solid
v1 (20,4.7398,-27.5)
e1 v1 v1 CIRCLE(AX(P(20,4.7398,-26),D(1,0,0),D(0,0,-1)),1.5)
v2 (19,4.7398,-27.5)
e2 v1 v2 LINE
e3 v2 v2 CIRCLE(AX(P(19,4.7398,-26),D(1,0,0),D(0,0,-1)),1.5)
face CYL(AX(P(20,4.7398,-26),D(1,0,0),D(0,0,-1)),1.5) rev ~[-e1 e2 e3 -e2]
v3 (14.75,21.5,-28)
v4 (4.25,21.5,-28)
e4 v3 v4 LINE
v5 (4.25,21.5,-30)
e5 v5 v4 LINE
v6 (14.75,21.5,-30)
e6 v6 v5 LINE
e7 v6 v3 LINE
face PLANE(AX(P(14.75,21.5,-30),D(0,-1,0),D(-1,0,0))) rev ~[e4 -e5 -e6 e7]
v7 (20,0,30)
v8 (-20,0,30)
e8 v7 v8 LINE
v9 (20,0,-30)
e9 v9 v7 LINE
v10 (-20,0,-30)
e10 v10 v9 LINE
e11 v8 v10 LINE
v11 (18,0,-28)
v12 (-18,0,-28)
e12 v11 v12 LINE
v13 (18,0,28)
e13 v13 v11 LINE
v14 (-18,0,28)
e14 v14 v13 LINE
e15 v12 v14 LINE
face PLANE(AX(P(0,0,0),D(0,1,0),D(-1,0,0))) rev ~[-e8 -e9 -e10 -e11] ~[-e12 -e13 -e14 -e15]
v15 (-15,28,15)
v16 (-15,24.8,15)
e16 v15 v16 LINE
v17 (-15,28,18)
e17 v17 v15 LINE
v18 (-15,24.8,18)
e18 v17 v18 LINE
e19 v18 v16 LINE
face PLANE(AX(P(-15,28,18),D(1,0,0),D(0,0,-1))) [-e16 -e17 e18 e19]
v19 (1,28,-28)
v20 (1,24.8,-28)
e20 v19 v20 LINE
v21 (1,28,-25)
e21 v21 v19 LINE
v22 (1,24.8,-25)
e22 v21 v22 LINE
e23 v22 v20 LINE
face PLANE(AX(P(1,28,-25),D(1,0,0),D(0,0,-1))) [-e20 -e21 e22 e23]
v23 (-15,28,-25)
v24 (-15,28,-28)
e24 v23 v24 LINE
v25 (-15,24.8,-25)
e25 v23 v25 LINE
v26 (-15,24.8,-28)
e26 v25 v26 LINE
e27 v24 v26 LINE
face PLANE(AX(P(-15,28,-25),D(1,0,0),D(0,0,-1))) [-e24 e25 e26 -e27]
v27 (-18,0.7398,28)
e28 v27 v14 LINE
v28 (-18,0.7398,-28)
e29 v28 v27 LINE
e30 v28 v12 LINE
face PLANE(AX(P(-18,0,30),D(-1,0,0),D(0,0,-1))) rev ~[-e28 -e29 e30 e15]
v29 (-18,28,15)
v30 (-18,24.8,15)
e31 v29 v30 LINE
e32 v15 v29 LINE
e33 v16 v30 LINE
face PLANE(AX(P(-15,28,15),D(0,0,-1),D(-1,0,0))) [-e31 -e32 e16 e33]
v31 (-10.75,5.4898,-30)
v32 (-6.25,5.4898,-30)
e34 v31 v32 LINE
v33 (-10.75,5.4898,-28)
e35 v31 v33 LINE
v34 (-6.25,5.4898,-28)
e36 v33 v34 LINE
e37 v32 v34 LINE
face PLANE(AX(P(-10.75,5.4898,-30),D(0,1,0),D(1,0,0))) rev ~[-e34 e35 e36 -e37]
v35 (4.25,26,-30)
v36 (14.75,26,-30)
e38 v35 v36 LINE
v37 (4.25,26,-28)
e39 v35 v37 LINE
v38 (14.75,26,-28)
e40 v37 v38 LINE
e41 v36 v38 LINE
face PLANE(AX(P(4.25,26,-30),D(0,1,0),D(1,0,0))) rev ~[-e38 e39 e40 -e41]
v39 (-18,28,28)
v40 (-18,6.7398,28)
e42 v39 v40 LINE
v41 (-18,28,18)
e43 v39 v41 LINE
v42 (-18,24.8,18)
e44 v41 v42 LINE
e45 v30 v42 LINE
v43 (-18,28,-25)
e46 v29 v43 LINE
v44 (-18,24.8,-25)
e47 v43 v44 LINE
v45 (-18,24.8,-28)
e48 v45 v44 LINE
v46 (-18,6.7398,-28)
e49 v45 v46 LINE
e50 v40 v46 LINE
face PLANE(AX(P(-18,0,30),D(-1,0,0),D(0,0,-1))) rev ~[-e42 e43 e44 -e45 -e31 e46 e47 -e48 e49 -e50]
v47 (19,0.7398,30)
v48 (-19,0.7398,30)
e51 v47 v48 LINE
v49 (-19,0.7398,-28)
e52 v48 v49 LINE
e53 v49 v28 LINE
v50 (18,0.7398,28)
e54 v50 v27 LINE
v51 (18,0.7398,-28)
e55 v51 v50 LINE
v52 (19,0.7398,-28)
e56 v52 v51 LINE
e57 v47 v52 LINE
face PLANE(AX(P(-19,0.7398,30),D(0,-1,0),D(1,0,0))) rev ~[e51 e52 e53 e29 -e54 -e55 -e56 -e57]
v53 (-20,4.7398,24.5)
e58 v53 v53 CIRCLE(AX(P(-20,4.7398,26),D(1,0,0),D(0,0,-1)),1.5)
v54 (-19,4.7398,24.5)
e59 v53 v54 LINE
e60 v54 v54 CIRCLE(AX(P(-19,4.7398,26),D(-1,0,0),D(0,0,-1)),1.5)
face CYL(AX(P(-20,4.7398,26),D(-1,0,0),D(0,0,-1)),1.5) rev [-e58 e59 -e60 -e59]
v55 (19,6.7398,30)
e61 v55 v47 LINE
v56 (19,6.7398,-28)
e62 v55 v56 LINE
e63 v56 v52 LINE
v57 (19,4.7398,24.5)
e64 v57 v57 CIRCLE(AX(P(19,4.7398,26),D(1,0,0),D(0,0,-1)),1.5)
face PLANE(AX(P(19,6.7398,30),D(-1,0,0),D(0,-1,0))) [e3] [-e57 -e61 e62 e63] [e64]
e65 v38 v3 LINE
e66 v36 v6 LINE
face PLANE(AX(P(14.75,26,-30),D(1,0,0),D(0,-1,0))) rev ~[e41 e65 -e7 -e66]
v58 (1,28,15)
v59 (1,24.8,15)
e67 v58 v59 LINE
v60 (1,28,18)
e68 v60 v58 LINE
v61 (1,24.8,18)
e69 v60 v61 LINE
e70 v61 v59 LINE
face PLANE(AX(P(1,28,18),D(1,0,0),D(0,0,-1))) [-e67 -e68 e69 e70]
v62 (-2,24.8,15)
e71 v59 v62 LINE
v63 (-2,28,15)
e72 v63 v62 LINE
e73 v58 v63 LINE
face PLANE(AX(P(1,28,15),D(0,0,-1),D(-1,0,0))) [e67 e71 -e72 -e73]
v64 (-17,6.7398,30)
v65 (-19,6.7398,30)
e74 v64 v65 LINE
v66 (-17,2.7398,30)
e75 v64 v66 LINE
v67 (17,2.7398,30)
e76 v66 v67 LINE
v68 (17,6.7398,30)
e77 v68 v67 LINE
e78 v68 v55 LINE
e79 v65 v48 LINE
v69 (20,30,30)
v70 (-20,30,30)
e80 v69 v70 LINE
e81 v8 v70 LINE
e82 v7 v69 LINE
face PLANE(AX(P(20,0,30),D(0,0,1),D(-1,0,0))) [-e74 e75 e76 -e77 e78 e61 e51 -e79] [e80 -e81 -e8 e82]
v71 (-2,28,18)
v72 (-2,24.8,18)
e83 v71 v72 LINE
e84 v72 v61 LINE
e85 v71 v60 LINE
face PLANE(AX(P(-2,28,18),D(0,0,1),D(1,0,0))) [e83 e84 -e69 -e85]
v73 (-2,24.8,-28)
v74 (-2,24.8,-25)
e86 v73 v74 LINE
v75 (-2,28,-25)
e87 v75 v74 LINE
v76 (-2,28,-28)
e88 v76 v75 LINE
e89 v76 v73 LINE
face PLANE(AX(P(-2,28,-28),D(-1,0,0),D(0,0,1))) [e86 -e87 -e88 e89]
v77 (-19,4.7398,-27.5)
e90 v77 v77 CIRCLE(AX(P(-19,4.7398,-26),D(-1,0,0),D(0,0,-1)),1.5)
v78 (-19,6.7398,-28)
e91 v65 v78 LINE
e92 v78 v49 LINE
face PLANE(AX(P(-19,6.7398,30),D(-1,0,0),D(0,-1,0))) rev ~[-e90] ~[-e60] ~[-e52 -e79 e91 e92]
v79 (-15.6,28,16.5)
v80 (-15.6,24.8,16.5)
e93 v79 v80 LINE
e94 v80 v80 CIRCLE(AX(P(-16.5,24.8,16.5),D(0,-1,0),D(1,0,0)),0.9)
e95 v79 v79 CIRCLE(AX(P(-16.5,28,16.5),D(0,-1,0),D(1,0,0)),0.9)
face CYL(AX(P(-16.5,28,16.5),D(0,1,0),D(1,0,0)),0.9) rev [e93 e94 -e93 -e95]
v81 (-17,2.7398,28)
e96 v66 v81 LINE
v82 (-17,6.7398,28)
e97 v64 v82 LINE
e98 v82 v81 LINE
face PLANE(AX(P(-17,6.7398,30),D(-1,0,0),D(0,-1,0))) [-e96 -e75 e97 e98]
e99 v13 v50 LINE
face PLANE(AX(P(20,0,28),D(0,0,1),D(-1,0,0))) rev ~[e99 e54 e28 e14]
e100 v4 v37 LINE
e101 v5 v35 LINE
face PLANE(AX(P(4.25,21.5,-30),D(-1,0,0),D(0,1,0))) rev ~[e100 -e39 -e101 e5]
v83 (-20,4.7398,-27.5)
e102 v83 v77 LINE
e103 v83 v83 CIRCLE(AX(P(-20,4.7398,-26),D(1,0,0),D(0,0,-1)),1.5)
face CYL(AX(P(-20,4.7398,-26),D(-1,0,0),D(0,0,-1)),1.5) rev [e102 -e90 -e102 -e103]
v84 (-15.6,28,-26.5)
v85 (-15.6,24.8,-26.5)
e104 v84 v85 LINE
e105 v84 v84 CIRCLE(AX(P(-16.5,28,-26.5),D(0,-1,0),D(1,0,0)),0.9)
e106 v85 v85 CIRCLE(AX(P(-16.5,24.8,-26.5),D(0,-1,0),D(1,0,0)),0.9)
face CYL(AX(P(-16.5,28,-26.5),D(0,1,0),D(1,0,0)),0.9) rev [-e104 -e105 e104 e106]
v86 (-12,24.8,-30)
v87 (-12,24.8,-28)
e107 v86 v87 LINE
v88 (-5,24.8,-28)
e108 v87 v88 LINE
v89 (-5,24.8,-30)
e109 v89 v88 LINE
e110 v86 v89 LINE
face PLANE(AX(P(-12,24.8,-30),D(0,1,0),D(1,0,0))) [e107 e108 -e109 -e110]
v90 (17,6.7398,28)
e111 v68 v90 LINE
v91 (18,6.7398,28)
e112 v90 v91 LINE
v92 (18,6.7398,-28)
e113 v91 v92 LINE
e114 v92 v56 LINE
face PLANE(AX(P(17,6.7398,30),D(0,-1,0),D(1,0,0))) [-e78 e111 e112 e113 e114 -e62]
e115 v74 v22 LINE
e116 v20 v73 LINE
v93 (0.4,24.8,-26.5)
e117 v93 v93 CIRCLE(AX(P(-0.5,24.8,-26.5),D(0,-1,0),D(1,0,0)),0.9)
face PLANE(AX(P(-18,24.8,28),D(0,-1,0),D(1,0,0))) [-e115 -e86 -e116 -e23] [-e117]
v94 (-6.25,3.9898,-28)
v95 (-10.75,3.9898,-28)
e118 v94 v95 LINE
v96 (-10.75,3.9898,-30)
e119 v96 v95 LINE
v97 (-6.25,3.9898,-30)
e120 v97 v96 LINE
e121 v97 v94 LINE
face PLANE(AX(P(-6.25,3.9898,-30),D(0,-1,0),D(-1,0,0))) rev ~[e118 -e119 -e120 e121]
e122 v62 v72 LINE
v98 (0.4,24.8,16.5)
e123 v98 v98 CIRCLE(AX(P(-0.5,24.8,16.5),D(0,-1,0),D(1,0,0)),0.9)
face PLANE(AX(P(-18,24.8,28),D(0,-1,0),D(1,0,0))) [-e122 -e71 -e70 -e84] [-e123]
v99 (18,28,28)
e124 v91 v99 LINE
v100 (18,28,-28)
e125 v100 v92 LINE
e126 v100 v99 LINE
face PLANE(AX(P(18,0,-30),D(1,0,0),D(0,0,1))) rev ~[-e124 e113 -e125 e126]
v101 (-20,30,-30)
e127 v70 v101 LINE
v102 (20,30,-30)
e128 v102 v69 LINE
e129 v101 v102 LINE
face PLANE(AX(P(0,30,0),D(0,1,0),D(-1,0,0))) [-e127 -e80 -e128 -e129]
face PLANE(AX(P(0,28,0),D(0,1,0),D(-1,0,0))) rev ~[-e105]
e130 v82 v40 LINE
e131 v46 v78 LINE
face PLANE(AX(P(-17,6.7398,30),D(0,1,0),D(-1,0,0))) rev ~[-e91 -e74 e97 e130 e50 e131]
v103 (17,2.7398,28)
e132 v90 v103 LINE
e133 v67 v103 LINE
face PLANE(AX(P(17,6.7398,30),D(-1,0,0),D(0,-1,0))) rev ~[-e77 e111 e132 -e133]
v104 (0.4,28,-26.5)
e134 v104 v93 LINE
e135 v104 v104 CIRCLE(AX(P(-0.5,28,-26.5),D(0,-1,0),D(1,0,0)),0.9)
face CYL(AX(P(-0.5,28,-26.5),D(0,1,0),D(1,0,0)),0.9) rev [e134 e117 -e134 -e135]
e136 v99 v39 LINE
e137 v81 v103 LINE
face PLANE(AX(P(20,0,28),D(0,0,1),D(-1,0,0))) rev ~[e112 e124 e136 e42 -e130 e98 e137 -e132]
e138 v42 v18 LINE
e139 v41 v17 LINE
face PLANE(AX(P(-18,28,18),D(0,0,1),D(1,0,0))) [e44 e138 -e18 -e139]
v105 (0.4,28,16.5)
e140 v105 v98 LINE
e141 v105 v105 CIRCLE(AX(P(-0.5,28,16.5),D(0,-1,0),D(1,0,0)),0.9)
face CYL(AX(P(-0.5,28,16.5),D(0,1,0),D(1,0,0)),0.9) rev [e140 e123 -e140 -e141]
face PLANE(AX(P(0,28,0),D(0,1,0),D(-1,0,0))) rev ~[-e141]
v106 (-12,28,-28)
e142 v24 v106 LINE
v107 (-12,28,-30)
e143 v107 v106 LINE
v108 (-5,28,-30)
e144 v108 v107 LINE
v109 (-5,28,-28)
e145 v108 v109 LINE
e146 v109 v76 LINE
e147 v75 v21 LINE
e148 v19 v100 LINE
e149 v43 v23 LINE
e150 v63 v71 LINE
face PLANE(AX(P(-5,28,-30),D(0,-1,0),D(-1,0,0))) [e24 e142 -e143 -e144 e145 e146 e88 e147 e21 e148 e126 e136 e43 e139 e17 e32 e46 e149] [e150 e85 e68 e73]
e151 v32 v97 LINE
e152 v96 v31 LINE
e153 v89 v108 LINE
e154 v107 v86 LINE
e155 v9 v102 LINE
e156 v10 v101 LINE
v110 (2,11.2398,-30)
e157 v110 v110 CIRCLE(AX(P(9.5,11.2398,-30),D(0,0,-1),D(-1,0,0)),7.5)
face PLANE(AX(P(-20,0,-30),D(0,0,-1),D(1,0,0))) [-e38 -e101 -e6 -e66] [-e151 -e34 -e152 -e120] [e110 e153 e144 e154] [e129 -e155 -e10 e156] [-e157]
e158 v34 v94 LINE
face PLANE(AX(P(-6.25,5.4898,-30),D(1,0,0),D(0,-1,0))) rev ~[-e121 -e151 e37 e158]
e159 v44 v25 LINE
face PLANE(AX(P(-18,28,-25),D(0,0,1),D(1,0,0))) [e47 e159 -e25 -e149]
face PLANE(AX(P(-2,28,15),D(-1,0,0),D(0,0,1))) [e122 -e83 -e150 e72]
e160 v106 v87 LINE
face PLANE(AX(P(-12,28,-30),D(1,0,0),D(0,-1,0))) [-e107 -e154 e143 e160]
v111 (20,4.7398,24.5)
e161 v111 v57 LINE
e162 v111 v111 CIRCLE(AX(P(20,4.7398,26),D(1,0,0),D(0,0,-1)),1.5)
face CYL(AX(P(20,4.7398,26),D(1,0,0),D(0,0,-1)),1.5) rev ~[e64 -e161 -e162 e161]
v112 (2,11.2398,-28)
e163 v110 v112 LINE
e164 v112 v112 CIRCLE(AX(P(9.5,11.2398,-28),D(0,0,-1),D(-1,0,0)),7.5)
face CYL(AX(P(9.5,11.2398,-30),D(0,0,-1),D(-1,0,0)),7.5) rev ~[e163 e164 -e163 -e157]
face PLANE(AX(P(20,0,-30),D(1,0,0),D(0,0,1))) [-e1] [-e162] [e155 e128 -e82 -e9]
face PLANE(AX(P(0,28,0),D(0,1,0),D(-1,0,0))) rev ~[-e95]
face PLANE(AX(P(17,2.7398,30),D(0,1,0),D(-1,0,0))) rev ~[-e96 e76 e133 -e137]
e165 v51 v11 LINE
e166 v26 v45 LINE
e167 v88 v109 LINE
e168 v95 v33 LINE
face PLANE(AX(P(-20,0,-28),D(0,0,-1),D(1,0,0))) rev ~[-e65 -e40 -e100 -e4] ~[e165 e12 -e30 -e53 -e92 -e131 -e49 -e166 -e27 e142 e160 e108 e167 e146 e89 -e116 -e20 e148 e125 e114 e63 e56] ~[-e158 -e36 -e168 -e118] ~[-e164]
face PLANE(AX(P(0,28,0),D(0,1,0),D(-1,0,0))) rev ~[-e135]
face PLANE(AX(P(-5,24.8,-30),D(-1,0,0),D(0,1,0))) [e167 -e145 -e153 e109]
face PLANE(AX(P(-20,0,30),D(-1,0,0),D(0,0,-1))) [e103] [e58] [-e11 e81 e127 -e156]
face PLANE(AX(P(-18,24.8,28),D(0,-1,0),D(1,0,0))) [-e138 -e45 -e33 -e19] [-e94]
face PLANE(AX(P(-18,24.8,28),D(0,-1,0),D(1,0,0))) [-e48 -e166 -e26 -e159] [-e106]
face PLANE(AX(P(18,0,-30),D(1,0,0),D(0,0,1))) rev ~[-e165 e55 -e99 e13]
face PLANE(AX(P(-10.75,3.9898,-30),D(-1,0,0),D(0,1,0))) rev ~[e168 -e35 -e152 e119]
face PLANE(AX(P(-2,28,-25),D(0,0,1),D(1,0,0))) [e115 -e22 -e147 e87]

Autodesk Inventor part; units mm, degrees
ref_plane "YZ Plane" through (0, 0, 0) normal (1, 0, 0) x (0, 1, 0)
ref_plane "XZ Plane" through (0, 0, 0) normal (0, 1, 0) x (-1, 0, 0)
ref_plane "XY Plane" through (0, 0, 0) normal (0, 0, 1) x (1, 0, 0)
sketch "草图2" plane through (0, 0, 0) normal (0, 1, 0) x (-1, 0, 0)
  line L0 (-20, 30) -> (20, 30)
  line L1 (20, 30) -> (20, -30)
  line L2 (20, -30) -> (-20, -30)
  line L3 (-20, -30) -> (-20, 30)
  line L4 (-20, 30) -> (20, -30) construction
  line L5 (20, 30) -> (-20, -30) construction
  point P0 (0, 0)
  dimension "d15" = 40
  dimension "d16" = 60
extrude "拉伸2" add sketch "草图2" along normal blind 30
shell "抽壳1" thickness 2 removed faces 1 at (-6.6667, 0, -10)
sketch "草图3" plane through (-20, 0, 30) normal (0, 0, 1) x (1, 0, 0)
  line L0 (40, 0) -> (0, 0) construction
  line L1 (40, 0) -> (40, 30) construction
  line L2 (0, 30) -> (40, 30) construction
  line L3 (0, 0) -> (0, 30) construction
  line L4 (0, 0) -> (0, 30) construction
  line L5 (40, 0) -> (40, 30) construction
  line L6 (40, 0) -> (0, 0) construction
  line L7 (3, 6.7398) -> (1, 6.7398)
  line L8 (1, 6.7398) -> (1, 0.7398)
  line L9 (0, 1.7398) -> (40, 1.7398) construction
  line L10 (3, 6.7398) -> (3, 2.7398)
  line L11 (40, 30) -> (0, 30) construction
  line L12 (20, 30) -> (20, 0) construction
  line L13 (38, 0) -> (2, 0) projected
  line L14 (3, 2.7398) -> (20, 2.7398)
  line L15 (1, 0.7398) -> (20, 0.7398)
  line L16 (37, 6.7398) -> (39, 6.7398)
  line L17 (39, 6.7398) -> (39, 0.7398)
  line L18 (37, 6.7398) -> (37, 2.7398)
  line L19 (37, 2.7398) -> (20, 2.7398)
  line L20 (39, 0.7398) -> (20, 0.7398)
  point P0 (20, 0)
  dimension "d29" = 2
  dimension "d44" = 5
  dimension "d45" = 2
  dimension "d46" = 6
  dimension "d47" = 40
extrude "拉伸3" cut sketch "草图3" against normal blind 58
sketch "草图5" plane through (20, 0, 30) normal (1, 0, 0) x (0, 0, -1)
  line L0 (0, 6.7398) -> (58, 6.7398) construction
  line L1 (0, 0.7398) -> (58, 0.7398) construction
  line L2 (0, 6.7398) -> (2, 6.7398) construction
  line L3 (0, 2.7398) -> (2, 2.7398) construction
  line L4 (0, 2.7398) -> (58, 2.7398) construction
  line L5 (58, 6.7398) -> (2, 6.7398) construction
  line L6 (58, 6.7398) -> (58, 0.7398) construction
  line L7 (0, 0) -> (0, 30) construction
  line L8 (0, 4.7398) -> (58, 4.7398) construction
  circle A0 centre (4, 4.7398) radius 1.5
  line L9 (2, 0.7398) -> (2, 6.7398) construction
  circle A1 centre (56, 4.7398) radius 1.5
  point P0 (30, 0)
  dimension "d48" = 4
  dimension "d49" = 3
  dimension "d51" = 2
  dimension "d52" = 2
  dimension "d53" = 3
  dimension "d54" = 2
extrude "拉伸4" cut sketch "草图5" against normal blind 2
mirror "镜像1" about plane through (0, 0, 0) normal (1, 0, 0) of "拉伸4"
sketch "草图7" plane through (-18, 28, 28) normal (0, -1, 0) x (1, 0, 0)
  line L0 (0, 0) -> (36, 0) construction
  line L1 (0, -56) -> (0, 0) construction
  line L2 (36, -56) -> (0, -56) construction
  line L3 (36, 0) -> (36, -56) construction
  line L4 (0.5, -55.5) -> (18.5, -55.5) construction
  line L5 (18.5, -55.5) -> (18.5, -10.5) construction
  line L6 (18.5, -10.5) -> (0.5, -10.5) construction
  line L7 (0.5, -10.5) -> (0.5, -55.5) construction
  circle A0 centre (1.5, -54.5) radius 0.9
  line L8 (3, -56) -> (0, -56)
  line L9 (0, -56) -> (0, -53)
  line L10 (0, -53) -> (3, -53)
  line L11 (3, -53) -> (3, -56)
  line L12 (3, -56) -> (0, -53) construction
  line L13 (0, -56) -> (3, -53) construction
  line L14 (0.5, -55.5) -> (18.5, -10.5) construction
  line L15 (0.5, -10.5) -> (18.5, -55.5) construction
  line L16 (3, -13) -> (0, -13)
  line L17 (0, -13) -> (0, -10)
  line L18 (0, -10) -> (3, -10)
  line L19 (3, -10) -> (3, -13)
  circle A1 centre (1.5, -11.5) radius 0.9
  line L20 (19, -56) -> (16, -56)
  line L21 (16, -56) -> (16, -53)
  line L22 (16, -53) -> (19, -53)
  line L23 (19, -53) -> (19, -56)
  circle A2 centre (17.5, -54.5) radius 0.9
  line L24 (19, -13) -> (16, -13)
  line L25 (16, -13) -> (16, -10)
  line L26 (16, -10) -> (19, -10)
  line L27 (19, -10) -> (19, -13)
  circle A3 centre (17.5, -11.5) radius 0.9
  point P0 (9.5, -33)
  dimension "d70" = 18
  dimension "d71" = 45
  dimension "d79" = 1.8
  dimension "d80" = 1
  dimension "d81" = 1
  dimension "d82" = 3
  dimension "d83" = 3
  dimension "d91" = 43
  dimension "d94" = 16
  dimension "d97" = 1
  dimension "d98" = 1
sketch "草图9" plane through (20, 0, -30) normal (0, 0, -1) x (-1, 0, 0)
  line L0 (37.5, 28) -> (19.5, 28) construction
  line L1 (32, 24.8) -> (25, 24.8)
  line L2 (25, 24.8) -> (25, 28)
  line L3 (25, 28) -> (32, 28)
  line L4 (32, 28) -> (32, 24.8)
  line L5 (32, 24.8) -> (25, 28) construction
  line L6 (25, 24.8) -> (32, 28) construction
  point P0 (20, 0)
  point P1 (28.5, 26.4)
  dimension "d99" = 18
  dimension "d100" = 7
  dimension "d101" = 3.2
  dimension "d102" = 1.6
  dimension "d103" = 9
extrude "拉伸5" add sketch "草图7" along normal blind 3.2
extrude "拉伸6" cut sketch "草图9" against normal blind 2
sketch "草图10" plane through (20, 0, -30) normal (0, 0, -1) x (-1, 0, 0)
  line L0 (32, 28) -> (32, 24.8) construction
  line L1 (32, 24.8) -> (25, 24.8) construction
  line L2 (25, 24.8) -> (25, 28) construction
  line L3 (25, 28) -> (32, 28) construction
  line L4 (40, 0) -> (0, 0) construction
  line L5 (40, 0) -> (40, 30) construction
  line L6 (0, 30) -> (40, 30) construction
  line L7 (0, 0) -> (0, 30) construction
  line L8 (25, 28) -> (25, 24.8) construction
  line L9 (25, 24.8) -> (32, 24.8) construction
  line L10 (32, 24.8) -> (32, 28) construction
  line L11 (32, 28) -> (35, 28) construction
  line L12 (35, 28) -> (35, 24.8) construction
  line L13 (35, 24.8) -> (38, 24.8) construction
  line L14 (38, 6.7398) -> (38, 24.8) construction
  line L15 (39, 6.7398) -> (38, 6.7398) construction
  line L16 (39, 0.7398) -> (39, 6.7398) construction
  line L17 (38, 0.7398) -> (39, 0.7398) construction
  line L18 (38, 0) -> (38, 0.7398) construction
  line L19 (2, 0) -> (38, 0) construction
  line L20 (2, 0) -> (2, 0.7398) construction
  line L21 (1, 0.7398) -> (2, 0.7398) construction
  line L22 (1, 6.7398) -> (1, 0.7398) construction
  line L23 (2, 6.7398) -> (1, 6.7398) construction
  line L24 (2, 6.7398) -> (2, 28) construction
  line L25 (2, 28) -> (19, 28) construction
  line L26 (19, 28) -> (19, 24.8) construction
  line L27 (19, 24.8) -> (22, 24.8) construction
  line L28 (22, 24.8) -> (22, 28) construction
  line L29 (22, 28) -> (25, 28) construction
  circle A0 centre (10.5, 11.2398) radius 7.5
  line L30 (37, 2.7398) -> (3, 2.7398) construction
  line L31 (38, 28) -> (2, 28) construction
  line L32 (10.5, 28) -> (10.5, 0) construction
  line L33 (2, 0) -> (38, 0) construction
  line L34 (5.25, 21.5) -> (15.75, 21.5)
  line L35 (15.75, 21.5) -> (15.75, 26)
  line L36 (15.75, 26) -> (5.25, 26)
  line L37 (5.25, 26) -> (5.25, 21.5)
  line L38 (5.25, 21.5) -> (15.75, 26) construction
  line L39 (15.75, 21.5) -> (5.25, 26) construction
  line L40 (28.5, 24.8) -> (28.5, 2.7398) construction
  line L41 (26.25, 3.9898) -> (30.75, 3.9898)
  line L42 (30.75, 3.9898) -> (30.75, 5.4898)
  line L43 (30.75, 5.4898) -> (26.25, 5.4898)
  line L44 (26.25, 5.4898) -> (26.25, 3.9898)
  line L45 (26.25, 3.9898) -> (30.75, 5.4898) construction
  line L46 (30.75, 3.9898) -> (26.25, 5.4898) construction
  point P0 (20, 0)
  point P1 (10.5, 23.75)
  point P2 (28.5, 4.7398)
  dimension "d108" = 15
  dimension "d111" = 8.5
  dimension "d112" = 17
  dimension "d113" = 10.5
  dimension "d114" = 4.5
  dimension "d115" = 2
  dimension "d116" = 4.5
  dimension "d117" = 1.5
  dimension "d118" = 2
extrude "拉伸7" cut sketch "草图10" against normal blind 2
equation "\"d102\" = 0.5 * d101"
equation "\"d103\" = 0.5 * d99"
properties part number "Case"
